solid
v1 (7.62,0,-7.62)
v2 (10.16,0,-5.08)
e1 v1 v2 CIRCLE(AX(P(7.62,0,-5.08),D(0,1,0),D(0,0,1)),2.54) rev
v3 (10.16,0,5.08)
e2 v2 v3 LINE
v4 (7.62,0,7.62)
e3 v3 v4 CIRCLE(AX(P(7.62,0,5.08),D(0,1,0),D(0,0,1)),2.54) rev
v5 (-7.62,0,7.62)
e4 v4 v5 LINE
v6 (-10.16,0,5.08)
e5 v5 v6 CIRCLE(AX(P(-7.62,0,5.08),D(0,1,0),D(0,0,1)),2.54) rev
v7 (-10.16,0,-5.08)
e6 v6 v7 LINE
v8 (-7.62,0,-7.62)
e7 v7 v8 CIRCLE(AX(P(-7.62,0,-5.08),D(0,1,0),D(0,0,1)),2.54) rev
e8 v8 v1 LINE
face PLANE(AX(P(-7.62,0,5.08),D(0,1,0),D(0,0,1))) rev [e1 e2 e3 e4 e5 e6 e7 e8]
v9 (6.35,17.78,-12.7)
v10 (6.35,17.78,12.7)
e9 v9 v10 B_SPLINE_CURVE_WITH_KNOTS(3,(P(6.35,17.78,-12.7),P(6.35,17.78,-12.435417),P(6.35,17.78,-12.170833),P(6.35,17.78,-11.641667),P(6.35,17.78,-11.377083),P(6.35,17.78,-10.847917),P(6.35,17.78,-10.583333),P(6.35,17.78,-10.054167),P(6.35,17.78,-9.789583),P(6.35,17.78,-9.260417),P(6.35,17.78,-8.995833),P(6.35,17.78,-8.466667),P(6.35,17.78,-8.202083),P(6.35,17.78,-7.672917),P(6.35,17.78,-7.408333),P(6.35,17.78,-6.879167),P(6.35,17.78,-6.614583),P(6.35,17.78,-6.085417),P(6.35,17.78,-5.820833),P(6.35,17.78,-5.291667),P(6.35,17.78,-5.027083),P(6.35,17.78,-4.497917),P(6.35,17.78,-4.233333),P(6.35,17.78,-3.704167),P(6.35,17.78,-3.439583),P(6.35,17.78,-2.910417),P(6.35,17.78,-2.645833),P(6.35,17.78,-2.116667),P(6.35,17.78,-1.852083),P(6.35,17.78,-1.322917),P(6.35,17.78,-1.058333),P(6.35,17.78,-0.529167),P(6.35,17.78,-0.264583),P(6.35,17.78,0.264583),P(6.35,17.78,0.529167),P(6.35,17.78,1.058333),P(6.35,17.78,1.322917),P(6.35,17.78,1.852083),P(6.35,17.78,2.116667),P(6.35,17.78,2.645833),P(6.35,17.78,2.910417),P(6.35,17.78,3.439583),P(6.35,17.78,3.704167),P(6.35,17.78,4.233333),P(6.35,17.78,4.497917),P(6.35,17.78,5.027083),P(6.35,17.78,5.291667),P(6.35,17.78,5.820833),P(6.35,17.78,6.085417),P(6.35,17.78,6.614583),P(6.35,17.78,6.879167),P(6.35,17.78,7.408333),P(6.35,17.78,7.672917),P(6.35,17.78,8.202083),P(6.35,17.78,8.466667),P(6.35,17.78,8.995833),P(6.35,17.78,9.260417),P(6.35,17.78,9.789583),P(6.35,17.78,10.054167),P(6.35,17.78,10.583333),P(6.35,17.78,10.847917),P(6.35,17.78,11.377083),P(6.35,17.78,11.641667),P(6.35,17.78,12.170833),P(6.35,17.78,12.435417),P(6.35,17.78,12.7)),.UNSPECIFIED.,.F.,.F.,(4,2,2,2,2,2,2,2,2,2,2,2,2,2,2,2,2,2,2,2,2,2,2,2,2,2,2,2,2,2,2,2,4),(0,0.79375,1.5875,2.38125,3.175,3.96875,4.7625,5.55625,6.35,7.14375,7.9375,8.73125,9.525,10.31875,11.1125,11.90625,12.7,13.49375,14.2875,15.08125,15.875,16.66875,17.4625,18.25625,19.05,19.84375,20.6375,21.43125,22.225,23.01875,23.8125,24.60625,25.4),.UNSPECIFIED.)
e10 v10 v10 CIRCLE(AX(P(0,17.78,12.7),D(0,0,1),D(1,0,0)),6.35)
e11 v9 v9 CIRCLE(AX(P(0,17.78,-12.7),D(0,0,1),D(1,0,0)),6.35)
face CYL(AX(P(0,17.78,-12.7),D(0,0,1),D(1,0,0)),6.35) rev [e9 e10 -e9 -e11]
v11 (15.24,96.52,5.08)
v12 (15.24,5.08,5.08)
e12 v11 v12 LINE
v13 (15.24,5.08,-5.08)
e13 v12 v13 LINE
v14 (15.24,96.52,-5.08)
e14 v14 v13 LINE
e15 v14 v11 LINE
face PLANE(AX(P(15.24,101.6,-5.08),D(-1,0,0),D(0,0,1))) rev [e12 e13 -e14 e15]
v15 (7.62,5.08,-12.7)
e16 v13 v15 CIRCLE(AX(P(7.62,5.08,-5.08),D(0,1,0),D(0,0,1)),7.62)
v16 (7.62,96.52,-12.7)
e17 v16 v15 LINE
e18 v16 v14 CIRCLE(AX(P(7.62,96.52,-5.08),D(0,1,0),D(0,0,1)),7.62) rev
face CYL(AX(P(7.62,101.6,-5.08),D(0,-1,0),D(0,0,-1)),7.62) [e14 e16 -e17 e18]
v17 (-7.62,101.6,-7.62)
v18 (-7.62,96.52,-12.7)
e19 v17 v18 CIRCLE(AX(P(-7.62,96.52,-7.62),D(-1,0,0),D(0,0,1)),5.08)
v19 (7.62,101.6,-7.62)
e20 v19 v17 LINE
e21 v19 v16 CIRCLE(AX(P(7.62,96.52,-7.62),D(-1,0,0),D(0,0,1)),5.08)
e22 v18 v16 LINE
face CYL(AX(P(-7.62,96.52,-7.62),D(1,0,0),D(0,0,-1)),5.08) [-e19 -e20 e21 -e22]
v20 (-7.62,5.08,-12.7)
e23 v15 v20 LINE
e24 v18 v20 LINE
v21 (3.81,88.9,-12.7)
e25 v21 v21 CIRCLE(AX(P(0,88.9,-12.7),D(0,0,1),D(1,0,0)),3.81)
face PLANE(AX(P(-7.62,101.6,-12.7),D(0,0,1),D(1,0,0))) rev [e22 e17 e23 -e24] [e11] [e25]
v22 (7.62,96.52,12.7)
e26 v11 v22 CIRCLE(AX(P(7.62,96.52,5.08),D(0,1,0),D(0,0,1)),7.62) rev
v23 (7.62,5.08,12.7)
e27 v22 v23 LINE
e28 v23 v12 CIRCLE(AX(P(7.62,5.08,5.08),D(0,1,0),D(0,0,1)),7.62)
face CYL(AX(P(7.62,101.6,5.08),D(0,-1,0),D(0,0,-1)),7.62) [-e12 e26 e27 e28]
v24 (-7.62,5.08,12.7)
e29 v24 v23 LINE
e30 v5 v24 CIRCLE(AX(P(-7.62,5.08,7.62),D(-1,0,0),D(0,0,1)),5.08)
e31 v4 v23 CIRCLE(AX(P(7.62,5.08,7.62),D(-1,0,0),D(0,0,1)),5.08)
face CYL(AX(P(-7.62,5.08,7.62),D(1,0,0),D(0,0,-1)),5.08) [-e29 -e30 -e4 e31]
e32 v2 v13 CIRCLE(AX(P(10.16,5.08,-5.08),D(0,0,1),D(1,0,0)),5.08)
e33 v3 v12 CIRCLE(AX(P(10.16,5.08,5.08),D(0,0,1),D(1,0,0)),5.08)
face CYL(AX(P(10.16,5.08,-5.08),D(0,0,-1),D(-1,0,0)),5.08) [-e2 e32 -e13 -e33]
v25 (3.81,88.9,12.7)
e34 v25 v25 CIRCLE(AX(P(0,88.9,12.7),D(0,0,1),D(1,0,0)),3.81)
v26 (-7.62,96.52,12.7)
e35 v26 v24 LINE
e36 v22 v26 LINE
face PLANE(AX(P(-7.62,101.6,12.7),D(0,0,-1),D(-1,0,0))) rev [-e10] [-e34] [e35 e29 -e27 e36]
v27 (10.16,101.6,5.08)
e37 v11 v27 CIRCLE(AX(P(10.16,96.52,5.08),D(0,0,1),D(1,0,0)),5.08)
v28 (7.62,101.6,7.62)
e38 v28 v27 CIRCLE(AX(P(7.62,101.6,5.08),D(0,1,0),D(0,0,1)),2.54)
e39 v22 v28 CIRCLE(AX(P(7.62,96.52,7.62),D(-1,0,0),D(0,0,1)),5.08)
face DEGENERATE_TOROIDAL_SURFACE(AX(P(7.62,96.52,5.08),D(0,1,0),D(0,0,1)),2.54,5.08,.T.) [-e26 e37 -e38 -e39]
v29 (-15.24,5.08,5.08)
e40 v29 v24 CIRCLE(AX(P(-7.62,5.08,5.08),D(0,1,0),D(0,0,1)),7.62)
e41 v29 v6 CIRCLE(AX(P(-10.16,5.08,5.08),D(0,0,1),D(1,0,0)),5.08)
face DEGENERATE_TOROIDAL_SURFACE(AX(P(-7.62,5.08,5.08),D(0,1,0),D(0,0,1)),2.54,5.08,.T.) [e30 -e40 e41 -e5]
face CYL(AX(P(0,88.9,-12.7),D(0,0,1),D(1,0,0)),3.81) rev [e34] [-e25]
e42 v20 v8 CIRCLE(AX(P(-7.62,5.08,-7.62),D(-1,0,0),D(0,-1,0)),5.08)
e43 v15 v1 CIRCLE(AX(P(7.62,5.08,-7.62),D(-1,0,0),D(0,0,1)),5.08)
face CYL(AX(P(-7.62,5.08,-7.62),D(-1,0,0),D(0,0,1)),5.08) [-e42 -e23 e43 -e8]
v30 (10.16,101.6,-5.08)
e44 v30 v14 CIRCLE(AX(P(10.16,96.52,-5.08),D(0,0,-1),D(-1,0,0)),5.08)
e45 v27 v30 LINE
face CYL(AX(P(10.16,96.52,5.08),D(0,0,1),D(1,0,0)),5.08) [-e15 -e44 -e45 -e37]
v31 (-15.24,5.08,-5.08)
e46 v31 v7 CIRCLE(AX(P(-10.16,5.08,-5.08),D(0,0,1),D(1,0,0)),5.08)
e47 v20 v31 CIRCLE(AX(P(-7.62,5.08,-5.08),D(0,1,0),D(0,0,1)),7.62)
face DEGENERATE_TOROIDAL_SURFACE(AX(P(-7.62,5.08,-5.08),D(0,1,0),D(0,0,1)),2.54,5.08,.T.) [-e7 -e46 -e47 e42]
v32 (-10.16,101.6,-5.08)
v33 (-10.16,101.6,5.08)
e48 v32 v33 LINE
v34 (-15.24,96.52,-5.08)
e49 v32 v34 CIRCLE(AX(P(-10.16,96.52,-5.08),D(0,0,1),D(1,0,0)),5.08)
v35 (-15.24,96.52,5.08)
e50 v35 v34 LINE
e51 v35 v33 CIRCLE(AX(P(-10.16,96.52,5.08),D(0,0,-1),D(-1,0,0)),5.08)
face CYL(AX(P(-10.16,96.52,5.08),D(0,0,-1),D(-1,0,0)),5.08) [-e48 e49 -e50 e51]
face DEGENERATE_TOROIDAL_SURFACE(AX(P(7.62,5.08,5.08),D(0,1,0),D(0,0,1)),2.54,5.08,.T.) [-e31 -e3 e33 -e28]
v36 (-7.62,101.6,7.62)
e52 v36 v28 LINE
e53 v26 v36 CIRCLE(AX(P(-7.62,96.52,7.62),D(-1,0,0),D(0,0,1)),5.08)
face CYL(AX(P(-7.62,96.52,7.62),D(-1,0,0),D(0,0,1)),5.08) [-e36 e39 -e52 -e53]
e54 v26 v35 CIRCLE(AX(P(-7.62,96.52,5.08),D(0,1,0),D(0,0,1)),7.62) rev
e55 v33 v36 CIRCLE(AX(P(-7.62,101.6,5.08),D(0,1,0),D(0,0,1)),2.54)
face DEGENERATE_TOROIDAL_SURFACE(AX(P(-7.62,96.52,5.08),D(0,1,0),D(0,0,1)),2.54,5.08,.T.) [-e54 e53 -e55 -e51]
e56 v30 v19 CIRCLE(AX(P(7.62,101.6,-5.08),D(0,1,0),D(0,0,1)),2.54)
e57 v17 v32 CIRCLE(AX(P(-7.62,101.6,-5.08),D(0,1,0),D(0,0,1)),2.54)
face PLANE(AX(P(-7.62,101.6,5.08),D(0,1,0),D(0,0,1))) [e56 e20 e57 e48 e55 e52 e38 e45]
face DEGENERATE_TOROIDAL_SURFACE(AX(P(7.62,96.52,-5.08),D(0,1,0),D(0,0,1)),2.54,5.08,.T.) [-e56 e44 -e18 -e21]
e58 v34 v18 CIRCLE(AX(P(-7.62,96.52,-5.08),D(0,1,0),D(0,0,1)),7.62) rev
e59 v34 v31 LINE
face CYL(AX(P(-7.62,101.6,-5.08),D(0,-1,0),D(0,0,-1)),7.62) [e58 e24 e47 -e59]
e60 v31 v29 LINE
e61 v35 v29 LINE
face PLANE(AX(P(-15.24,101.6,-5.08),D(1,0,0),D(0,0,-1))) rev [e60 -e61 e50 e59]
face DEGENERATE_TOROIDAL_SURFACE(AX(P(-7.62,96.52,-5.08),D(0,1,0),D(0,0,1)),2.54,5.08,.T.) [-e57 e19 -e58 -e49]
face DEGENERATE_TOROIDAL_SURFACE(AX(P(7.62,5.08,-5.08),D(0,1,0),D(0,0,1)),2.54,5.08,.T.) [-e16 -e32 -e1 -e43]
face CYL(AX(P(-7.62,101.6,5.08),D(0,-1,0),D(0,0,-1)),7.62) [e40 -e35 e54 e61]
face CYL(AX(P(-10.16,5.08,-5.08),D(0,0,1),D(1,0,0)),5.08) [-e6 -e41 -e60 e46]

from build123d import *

# Parameters (mm, degrees)
BOSS_EXTRUDE1_DEPTH = 101.6
SKETCH2_R           = 6.35
CUT_EXTRUDE1_DEPTH  = 106.829946612
SKETCH3_R           = 3.81
CUT_EXTRUDE2_DEPTH  = 106.829946612
FILLET1_R           = 5.08
FILLET2_R           = 5.08


with BuildPart() as part:
    # Sketch1 → Boss-Extrude1 (new body)
    with BuildSketch(Plane(origin=(0, 0, 0), x_dir=(1, 0, 0), z_dir=(0, 1, 0))):
        with BuildLine():
            Line((-7.62, 12.7), (7.62, 12.7))
            ThreePointArc((7.62, 12.7), (13.008153673, 10.468153673), (15.24, 5.08))
            Line((15.24, 5.08), (15.24, -5.08))
            ThreePointArc((15.24, -5.08), (13.008153673, -10.468153673), (7.62, -12.7))
            Line((7.62, -12.7), (-7.62, -12.7))
            ThreePointArc((-7.62, -12.7), (-13.008153673, -10.468153673), (-15.24, -5.08))
            Line((-15.24, -5.08), (-15.24, 5.08))
            ThreePointArc((-15.24, 5.08), (-13.008153673, 10.468153673), (-7.62, 12.7))
        make_face()
    extrude(amount=BOSS_EXTRUDE1_DEPTH)

    # Sketch2 → Cut-Extrude1 (cut, through all)
    with BuildSketch(Plane.XY.offset(12.7)):
        with Locations((0, 17.78)):
            Circle(SKETCH2_R)
    extrude(amount=-CUT_EXTRUDE1_DEPTH, mode=Mode.SUBTRACT)

    # Sketch3 → Cut-Extrude2 (cut, through all)
    with BuildSketch(Plane.XY.offset(12.7)):
        with Locations((0, 88.9)):
            Circle(SKETCH3_R)
    extrude(amount=-CUT_EXTRUDE2_DEPTH, mode=Mode.SUBTRACT)

    # Fillet1
    fillet1_edges = [part.edges().sort_by_distance(p)[0] for p in [
        (0, 0, 12.7),
        (-13.008153673, 0, 10.468153673),
        (-15.24, 0, 0),
        (-13.008153673, 0, -10.468153673),
        (0, 0, -12.7),
        (13.008153673, 0, -10.468153673),
        (15.24, 0, 0),
        (13.008153673, 0, 10.468153673),
    ]]
    fillet(fillet1_edges, radius=FILLET1_R)

    # Fillet2
    fillet2_edges = [part.edges().sort_by_distance(p)[0] for p in [
        (13.008153673, 101.6, 10.468153673),
        (15.24, 101.6, 0),
        (13.008153673, 101.6, -10.468153673),
        (0, 101.6, -12.7),
        (-13.008153673, 101.6, -10.468153673),
        (-15.24, 101.6, 0),
        (-13.008153673, 101.6, 10.468153673),
        (0, 101.6, 12.7),
    ]]
    fillet(fillet2_edges, radius=FILLET2_R)


solid = part.part
